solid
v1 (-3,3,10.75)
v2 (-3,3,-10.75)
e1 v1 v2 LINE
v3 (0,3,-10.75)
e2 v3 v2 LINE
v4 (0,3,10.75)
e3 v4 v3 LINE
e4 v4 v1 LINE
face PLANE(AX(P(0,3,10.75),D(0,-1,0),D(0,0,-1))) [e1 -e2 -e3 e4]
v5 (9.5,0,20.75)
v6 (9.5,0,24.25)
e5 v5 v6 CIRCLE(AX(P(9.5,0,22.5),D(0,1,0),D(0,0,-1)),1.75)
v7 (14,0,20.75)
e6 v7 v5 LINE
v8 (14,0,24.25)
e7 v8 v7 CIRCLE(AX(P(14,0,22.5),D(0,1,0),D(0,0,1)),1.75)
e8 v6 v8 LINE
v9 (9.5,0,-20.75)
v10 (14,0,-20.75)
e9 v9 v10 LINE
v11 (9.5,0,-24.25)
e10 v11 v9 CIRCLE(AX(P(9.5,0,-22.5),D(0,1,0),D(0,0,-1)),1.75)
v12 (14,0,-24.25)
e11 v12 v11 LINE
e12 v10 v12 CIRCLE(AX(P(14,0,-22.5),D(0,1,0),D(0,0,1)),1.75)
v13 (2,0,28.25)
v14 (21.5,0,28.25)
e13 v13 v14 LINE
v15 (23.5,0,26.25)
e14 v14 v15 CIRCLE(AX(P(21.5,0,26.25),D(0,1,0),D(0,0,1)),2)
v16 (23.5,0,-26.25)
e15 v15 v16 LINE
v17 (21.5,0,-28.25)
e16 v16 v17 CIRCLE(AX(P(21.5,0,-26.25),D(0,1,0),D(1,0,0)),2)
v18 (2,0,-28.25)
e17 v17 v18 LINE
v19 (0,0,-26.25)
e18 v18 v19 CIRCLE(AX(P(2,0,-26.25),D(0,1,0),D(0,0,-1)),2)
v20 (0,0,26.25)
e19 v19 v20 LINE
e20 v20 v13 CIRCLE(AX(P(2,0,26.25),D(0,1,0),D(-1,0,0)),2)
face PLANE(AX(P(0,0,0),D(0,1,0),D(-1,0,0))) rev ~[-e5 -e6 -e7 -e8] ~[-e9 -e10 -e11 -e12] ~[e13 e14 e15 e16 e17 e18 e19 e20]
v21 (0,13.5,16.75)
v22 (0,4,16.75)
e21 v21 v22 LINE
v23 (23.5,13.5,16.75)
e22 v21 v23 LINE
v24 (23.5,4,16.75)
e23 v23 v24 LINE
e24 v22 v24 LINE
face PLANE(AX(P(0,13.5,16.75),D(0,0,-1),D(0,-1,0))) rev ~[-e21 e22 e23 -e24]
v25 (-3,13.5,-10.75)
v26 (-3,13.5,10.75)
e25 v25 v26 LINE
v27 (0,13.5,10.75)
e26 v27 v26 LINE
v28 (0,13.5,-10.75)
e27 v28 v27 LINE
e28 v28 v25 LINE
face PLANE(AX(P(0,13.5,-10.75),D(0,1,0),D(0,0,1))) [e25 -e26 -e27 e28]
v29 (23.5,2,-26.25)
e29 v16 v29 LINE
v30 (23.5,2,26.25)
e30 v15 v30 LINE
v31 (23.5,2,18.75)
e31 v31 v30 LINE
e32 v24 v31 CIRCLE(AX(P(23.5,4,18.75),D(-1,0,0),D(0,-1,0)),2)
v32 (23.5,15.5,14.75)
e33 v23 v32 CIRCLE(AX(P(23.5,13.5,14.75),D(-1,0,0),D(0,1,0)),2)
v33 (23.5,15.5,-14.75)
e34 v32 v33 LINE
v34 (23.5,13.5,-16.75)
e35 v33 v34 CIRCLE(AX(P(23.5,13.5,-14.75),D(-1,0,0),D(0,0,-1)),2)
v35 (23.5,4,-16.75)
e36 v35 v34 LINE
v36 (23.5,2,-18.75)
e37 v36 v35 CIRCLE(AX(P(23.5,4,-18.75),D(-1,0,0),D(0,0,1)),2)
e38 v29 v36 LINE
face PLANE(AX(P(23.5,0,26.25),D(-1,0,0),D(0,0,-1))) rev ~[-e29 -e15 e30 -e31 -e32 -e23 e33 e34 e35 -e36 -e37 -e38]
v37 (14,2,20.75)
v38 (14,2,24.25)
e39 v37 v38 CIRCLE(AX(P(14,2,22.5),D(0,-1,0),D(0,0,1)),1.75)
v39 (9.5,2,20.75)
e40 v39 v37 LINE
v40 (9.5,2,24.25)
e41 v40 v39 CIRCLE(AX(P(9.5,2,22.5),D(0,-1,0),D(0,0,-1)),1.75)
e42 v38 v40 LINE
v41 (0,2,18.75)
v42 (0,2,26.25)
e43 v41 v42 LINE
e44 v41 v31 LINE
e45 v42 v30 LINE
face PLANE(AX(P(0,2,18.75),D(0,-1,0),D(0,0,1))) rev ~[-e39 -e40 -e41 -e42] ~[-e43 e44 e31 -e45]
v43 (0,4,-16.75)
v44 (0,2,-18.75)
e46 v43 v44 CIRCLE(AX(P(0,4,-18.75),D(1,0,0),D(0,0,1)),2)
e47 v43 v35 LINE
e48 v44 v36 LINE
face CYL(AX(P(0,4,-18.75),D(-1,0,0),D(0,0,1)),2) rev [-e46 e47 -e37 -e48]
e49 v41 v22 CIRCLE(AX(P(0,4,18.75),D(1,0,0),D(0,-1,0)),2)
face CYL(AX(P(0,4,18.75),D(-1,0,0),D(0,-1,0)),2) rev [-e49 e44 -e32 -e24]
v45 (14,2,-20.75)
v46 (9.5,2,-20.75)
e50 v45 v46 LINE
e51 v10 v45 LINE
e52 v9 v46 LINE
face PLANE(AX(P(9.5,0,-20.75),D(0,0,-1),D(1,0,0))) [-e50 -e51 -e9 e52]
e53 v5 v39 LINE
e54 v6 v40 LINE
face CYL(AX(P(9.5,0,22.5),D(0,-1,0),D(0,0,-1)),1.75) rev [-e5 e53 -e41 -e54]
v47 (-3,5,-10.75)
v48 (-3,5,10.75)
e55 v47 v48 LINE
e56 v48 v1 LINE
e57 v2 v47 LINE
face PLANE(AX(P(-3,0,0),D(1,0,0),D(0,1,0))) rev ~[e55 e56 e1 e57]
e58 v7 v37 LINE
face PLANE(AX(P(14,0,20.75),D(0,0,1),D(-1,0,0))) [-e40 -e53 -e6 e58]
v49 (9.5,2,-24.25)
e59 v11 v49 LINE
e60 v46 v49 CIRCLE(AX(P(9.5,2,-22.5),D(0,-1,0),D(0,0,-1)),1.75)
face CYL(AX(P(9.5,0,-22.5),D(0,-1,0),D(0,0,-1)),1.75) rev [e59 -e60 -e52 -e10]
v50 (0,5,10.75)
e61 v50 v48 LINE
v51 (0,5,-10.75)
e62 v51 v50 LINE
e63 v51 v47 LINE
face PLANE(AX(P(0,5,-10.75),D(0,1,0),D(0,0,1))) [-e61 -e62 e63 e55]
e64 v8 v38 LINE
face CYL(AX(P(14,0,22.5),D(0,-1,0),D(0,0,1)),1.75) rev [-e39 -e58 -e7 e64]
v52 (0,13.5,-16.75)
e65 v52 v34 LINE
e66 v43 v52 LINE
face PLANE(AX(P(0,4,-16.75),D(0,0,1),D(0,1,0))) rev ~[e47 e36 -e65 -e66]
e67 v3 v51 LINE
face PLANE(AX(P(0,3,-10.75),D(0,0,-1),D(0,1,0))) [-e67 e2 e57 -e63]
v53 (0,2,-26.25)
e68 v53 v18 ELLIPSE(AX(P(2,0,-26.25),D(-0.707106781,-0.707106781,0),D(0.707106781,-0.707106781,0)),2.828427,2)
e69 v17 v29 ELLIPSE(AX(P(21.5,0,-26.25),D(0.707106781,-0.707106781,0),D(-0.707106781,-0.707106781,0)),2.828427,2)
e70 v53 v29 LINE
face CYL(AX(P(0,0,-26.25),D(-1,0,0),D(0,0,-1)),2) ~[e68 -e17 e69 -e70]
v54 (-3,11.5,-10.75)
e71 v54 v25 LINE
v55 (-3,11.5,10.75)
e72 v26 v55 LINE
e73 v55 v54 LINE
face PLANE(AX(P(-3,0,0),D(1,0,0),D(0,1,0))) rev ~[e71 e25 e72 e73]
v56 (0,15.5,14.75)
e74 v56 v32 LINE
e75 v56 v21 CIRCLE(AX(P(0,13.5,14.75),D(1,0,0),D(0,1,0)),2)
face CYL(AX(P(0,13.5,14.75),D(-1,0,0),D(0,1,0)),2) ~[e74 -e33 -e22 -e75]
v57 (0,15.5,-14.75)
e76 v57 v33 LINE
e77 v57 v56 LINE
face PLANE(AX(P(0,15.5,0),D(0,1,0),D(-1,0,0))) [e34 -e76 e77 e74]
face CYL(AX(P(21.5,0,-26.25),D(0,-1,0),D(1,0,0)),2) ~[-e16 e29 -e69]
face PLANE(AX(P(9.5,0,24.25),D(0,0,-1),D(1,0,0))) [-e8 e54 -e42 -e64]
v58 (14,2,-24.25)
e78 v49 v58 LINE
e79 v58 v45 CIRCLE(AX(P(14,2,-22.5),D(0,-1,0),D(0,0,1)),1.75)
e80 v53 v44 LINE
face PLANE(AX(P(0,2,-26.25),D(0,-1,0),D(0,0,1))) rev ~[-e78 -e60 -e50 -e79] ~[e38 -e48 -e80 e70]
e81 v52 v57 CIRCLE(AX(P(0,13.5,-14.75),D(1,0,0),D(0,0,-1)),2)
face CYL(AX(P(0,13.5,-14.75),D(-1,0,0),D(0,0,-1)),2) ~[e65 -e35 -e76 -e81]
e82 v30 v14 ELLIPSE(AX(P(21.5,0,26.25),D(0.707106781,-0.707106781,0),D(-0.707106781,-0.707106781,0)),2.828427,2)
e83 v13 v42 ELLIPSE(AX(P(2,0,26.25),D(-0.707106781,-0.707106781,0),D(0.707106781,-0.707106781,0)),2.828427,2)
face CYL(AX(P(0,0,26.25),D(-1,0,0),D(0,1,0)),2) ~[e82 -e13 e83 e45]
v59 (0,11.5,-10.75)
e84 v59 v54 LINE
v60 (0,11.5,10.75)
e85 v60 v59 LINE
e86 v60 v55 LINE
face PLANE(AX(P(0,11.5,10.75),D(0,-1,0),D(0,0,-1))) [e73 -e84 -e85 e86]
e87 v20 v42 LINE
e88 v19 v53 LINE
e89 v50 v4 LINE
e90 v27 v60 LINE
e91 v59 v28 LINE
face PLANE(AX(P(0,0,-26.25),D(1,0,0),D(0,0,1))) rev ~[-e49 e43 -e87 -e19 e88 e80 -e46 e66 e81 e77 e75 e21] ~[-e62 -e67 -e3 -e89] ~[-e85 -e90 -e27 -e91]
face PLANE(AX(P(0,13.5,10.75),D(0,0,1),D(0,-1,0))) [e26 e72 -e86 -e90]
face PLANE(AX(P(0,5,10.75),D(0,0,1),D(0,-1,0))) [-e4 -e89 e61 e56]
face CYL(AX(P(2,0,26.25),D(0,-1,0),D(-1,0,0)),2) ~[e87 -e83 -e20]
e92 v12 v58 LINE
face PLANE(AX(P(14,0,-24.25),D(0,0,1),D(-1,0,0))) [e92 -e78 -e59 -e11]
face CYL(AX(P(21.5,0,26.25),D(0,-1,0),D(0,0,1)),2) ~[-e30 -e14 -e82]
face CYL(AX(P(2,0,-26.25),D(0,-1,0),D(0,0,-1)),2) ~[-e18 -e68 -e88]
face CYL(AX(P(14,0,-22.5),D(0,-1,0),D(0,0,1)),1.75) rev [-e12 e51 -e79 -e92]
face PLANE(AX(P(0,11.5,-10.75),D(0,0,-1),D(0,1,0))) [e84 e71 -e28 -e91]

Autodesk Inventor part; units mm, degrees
sketch "Sketch_2" plane through (0, 0, 0) normal (0, 1, 0) x (-1, 0, 0)
  line L0 (0, -26.25) -> (0, 26.25)
  arc A0 (0, 26.25) -> (-2, 28.25) centre (-2, 26.25) ccw
  line L1 (-2, 28.25) -> (-21.5, 28.25)
  arc A1 (-21.5, 28.25) -> (-23.5, 26.25) centre (-21.5, 26.25) ccw
  line L2 (-23.5, 26.25) -> (-23.5, -26.25)
  arc A2 (-23.5, -26.25) -> (-21.5, -28.25) centre (-21.5, -26.25) ccw
  line L3 (-21.5, -28.25) -> (-2, -28.25)
  arc A3 (-2, -28.25) -> (0, -26.25) centre (-2, -26.25) ccw
  arc A4 (-9.5, 20.75) -> (-9.5, 24.25) centre (-9.5, 22.5) ccw
  line L4 (-9.5, 24.25) -> (-14, 24.25)
  arc A5 (-14, 24.25) -> (-14, 20.75) centre (-14, 22.5) ccw
  line L5 (-14, 20.75) -> (-9.5, 20.75)
  arc A6 (-9.5, -24.25) -> (-9.5, -20.75) centre (-9.5, -22.5) ccw
  line L6 (-9.5, -20.75) -> (-14, -20.75)
  arc A7 (-14, -20.75) -> (-14, -24.25) centre (-14, -22.5) ccw
  line L7 (-14, -24.25) -> (-9.5, -24.25)
extrude "Extrusion1" add sketch "Sketch_2" along normal blind 15.5
sketch "Sketch_1" plane through (0, 0, 0) normal (1, 0, 0) x (0, 1, 0)
  line L0 (-10, 50) -> (-10, -50)
  line L1 (-10, -50) -> (30, -50)
  line L2 (30, -50) -> (30, 50)
  line L3 (30, 50) -> (-10, 50)
  line L4 (0, 28.25) -> (0, -28.25)
  arc A0 (0, -28.25) -> (2, -26.25) centre (0, -26.25) ccw
  line L5 (2, -26.25) -> (2, -18.75)
  arc A1 (4, -16.75) -> (2, -18.75) centre (4, -18.75) ccw
  line L6 (4, -16.75) -> (13.5, -16.75)
  arc A2 (13.5, -16.75) -> (15.5, -14.75) centre (13.5, -14.75) ccw
  line L7 (15.5, -14.75) -> (15.5, 14.75)
  arc A3 (15.5, 14.75) -> (13.5, 16.75) centre (13.5, 14.75) ccw
  line L8 (13.5, 16.75) -> (4, 16.75)
  arc A4 (2, 18.75) -> (4, 16.75) centre (4, 18.75) ccw
  line L9 (2, 18.75) -> (2, 26.25)
  arc A5 (2, 26.25) -> (0, 28.25) centre (0, 26.25) ccw
extrude "Extrusion2" cut sketch "Sketch_1" along normal blind 24
sketch "Sketch_3" plane through (0, 0, 0) normal (1, 0, 0) x (0, 1, 0)
  line L0 (3, 10.75) -> (3, -10.75)
  line L1 (3, -10.75) -> (5, -10.75)
  line L2 (5, -10.75) -> (5, 10.75)
  line L3 (5, 10.75) -> (3, 10.75)
extrude "Extrusion3" add sketch "Sketch_3" against normal blind 3
sketch "Sketch_4" plane through (0, 0, 0) normal (1, 0, 0) x (0, 1, 0)
  line L0 (11.5, 10.75) -> (11.5, -10.75)
  line L1 (11.5, -10.75) -> (13.5, -10.75)
  line L2 (13.5, -10.75) -> (13.5, 10.75)
  line L3 (13.5, 10.75) -> (11.5, 10.75)
extrude "Extrusion4" add sketch "Sketch_4" against normal blind 3
ref_plane "magnet_to_mgplate_XY" through (-3, 8, 0) normal (1, 0, 0) x (0, 0, -1)
ref_plane "magnet_to_mgplate_YZ" through (-3, 8, 0) normal (0, 0, -1) x (0, 1, 0)
ref_plane "magnet_to_mgplate_ZX" through (-3, 8, 0) normal (0, 1, 0) x (1, 0, 0)
ref_plane "to_plate_XY" through (11.9, 0, -22.5) normal (0, 1, 0) x (1, 0, 0)
ref_plane "to_plate_YZ" through (11.9, 0, -22.5) normal (1, 0, 0) x (0, 0, -1)
ref_plane "to_plate_ZX" through (11.9, 0, -22.5) normal (0, 0, -1) x (0, 1, 0)
properties part number "MGCE15-5"
